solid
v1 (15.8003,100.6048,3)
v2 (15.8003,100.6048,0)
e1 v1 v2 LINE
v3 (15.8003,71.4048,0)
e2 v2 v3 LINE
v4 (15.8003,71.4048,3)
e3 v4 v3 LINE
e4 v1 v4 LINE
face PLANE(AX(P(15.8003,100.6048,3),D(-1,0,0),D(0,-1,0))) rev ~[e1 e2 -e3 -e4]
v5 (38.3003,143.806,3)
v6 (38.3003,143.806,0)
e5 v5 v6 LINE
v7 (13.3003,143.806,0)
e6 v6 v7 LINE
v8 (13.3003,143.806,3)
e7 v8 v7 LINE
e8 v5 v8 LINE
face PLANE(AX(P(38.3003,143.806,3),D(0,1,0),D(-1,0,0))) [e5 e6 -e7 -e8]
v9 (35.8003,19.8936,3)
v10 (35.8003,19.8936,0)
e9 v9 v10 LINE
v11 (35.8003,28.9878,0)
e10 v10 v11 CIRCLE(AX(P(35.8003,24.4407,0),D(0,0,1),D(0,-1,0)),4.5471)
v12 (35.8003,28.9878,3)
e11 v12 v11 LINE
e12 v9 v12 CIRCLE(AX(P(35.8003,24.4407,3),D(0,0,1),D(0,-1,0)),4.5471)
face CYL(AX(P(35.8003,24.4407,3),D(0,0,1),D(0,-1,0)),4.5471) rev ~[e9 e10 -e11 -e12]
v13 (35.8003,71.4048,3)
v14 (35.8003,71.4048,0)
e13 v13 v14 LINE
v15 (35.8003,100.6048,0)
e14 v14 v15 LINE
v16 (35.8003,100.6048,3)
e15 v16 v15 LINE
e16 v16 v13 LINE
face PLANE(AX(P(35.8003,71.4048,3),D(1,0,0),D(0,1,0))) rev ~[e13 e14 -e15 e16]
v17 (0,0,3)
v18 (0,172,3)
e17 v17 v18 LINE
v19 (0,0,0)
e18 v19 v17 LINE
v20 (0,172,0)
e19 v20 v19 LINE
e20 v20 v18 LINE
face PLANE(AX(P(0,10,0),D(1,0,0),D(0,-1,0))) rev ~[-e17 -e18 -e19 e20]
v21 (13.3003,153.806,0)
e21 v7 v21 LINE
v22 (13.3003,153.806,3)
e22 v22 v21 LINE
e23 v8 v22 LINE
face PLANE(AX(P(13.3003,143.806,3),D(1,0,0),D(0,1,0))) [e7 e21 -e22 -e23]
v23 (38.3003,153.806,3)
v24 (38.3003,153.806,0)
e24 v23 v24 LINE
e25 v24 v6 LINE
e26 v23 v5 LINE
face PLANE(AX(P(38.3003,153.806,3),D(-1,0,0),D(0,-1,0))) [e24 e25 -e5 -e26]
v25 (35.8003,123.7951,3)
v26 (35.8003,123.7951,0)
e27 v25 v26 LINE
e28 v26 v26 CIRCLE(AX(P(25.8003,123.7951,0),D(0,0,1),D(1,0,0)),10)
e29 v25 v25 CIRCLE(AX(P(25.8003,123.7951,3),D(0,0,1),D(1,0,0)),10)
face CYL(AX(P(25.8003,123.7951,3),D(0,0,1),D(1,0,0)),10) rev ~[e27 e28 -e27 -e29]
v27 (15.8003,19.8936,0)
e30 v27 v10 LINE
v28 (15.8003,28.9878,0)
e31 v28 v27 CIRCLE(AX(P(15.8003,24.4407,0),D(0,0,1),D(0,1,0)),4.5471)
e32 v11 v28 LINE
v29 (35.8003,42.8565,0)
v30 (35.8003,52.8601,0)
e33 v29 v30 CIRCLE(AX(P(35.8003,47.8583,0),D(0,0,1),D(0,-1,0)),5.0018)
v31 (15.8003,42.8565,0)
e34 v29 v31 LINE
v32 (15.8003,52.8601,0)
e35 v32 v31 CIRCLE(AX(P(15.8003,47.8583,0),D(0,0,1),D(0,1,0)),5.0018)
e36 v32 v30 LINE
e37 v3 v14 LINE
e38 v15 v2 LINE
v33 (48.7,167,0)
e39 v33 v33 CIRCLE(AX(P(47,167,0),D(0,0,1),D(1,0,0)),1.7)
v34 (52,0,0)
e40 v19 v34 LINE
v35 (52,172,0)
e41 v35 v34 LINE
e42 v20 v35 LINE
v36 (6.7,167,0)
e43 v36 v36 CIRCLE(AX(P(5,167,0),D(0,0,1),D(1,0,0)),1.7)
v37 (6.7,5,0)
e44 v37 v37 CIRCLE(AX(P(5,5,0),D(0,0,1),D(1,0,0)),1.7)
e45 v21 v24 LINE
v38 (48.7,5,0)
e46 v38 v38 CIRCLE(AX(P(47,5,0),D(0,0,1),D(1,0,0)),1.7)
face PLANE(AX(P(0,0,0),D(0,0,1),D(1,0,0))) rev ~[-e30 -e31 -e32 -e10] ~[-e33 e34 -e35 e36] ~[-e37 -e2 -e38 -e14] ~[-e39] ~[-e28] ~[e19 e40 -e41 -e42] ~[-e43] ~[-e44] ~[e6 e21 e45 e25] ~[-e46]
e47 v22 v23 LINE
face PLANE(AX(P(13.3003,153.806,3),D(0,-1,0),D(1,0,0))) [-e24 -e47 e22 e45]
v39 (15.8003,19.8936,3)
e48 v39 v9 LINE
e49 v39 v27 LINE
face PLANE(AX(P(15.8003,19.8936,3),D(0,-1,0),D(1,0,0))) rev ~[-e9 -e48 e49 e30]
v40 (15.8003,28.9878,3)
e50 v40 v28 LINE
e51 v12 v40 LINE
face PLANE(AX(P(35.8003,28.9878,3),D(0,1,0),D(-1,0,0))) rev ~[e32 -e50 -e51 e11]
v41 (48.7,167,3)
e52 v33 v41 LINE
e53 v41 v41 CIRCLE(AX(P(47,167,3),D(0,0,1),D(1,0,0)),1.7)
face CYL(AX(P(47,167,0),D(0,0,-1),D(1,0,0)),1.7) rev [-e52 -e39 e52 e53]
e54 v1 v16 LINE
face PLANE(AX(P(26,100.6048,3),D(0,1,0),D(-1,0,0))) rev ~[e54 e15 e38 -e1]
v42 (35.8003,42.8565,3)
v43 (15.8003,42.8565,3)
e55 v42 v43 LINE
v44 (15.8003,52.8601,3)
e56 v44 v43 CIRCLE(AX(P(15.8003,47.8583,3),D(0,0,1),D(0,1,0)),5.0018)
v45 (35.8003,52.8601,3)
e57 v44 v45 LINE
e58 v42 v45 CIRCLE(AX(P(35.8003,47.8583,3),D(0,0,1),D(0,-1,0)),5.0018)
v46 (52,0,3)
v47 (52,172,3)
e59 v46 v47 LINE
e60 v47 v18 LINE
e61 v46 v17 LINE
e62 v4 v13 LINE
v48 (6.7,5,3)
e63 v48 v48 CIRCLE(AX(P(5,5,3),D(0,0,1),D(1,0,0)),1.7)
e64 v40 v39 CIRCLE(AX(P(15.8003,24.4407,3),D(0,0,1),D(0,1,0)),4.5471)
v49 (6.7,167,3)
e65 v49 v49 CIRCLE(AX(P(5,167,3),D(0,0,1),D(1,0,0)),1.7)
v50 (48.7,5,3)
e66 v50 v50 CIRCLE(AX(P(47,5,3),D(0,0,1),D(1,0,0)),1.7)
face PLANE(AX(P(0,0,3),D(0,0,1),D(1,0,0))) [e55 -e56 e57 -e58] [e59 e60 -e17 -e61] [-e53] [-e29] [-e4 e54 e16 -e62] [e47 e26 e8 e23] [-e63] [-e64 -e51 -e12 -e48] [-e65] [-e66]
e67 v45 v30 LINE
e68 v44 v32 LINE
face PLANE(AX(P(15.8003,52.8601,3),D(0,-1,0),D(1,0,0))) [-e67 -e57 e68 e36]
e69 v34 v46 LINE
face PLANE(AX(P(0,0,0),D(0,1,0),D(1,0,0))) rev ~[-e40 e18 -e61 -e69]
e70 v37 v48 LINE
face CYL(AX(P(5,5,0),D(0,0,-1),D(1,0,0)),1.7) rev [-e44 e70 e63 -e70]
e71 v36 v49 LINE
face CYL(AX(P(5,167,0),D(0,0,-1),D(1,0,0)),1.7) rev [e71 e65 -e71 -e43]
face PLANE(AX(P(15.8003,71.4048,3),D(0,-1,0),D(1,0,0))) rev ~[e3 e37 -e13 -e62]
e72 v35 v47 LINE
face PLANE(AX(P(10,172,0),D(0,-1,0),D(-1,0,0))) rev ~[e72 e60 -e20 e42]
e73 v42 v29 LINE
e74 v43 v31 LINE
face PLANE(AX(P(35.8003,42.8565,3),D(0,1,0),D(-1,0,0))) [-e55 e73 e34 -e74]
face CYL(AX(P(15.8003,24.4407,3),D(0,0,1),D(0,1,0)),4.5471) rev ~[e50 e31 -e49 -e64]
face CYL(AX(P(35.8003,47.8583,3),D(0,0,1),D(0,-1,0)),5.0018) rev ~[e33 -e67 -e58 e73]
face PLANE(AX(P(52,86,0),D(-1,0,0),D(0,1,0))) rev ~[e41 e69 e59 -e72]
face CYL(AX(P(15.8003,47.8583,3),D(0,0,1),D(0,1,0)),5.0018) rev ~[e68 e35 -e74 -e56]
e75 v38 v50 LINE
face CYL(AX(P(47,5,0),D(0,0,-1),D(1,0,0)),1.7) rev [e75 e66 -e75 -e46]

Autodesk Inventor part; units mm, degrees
ref_plane "YZ Plane" through (0, 0, 0) normal (1, 0, 0) x (0, 1, 0)
ref_plane "XZ Plane" through (0, 0, 0) normal (0, 1, 0) x (-1, 0, 0)
ref_plane "XY Plane" through (0, 0, 0) normal (0, 0, 1) x (1, 0, 0)
sketch "Sketch1" plane through (0, 0, 0) normal (0, 0, 1) x (1, 0, 0)
  line L0 (0, 0) -> (52, 0)
  line L1 (52, 0) -> (52, 172)
  line L2 (52, 172) -> (0, 172)
  line L3 (0, 172) -> (0, 0)
  line L4 (0, 0) -> (10, 0)
  line L5 (10, 0) -> (10, 10)
  line L6 (10, 10) -> (0, 10)
  line L7 (0, 10) -> (0, 0)
  circle A0 centre (5, 5) radius 1.7
  line L8 (52, 0) -> (42, 0)
  line L9 (42, 0) -> (42, 10)
  line L10 (42, 10) -> (52, 10)
  line L11 (52, 10) -> (52, 0)
  circle A1 centre (47, 5) radius 1.7
  line L12 (52, 86) -> (47, 86)
  line L13 (0, 172) -> (10, 172)
  line L14 (10, 172) -> (10, 162)
  line L15 (10, 162) -> (0, 162)
  line L16 (0, 162) -> (0, 172)
  circle A2 centre (5, 167) radius 1.7
  line L17 (52, 172) -> (42, 172)
  line L18 (42, 172) -> (42, 162)
  line L19 (42, 162) -> (52, 162)
  line L20 (52, 162) -> (52, 172)
  circle A3 centre (47, 167) radius 1.7
  dimension "d0" = 52
  dimension "d1" = 172
  dimension "d2" = 10
  dimension "d3" = 10
  dimension "d4" = 3.4
extrude "Extrusion1" add sketch "Sketch1" along normal blind 3
sketch "Sketch2" plane through (0, 0, 3) normal (0, 0, 1) x (1, 0, 0)
  circle A0 centre (5, 167) radius 1.7 projected
  circle A1 centre (47, 5) radius 1.7 projected
  line L0 (5, 167) -> (47, 167)
  line L1 (47, 167) -> (47, 5)
  line L2 (47, 5) -> (5, 5)
  line L3 (5, 5) -> (5, 167)
  line L4 (13.3003, 153.806) -> (38.3003, 153.806)
  line L5 (38.3003, 153.806) -> (38.3003, 143.806)
  line L6 (38.3003, 143.806) -> (13.3003, 143.806)
  line L7 (13.3003, 143.806) -> (13.3003, 153.806)
  circle A2 centre (25.8003, 123.7951) radius 10
  line L8 (35.8003, 86) -> (35.8003, 100.6048)
  line L9 (35.8003, 100.6048) -> (26, 100.6048)
  line L10 (35.8003, 100.6048) -> (15.8003, 100.6048)
  line L11 (15.8003, 100.6048) -> (15.8003, 71.4048)
  line L12 (15.8003, 71.4048) -> (35.8003, 71.4048)
  line L13 (35.8003, 71.4048) -> (35.8003, 100.6048)
  line L14 (15.8003, 47.8583) -> (35.8003, 47.8583) construction
  line L15 (15.8003, 52.8601) -> (35.8003, 52.8601)
  line L16 (35.8003, 42.8565) -> (15.8003, 42.8565)
  arc A3 (15.8003, 52.8601) -> (15.8003, 42.8565) centre (15.8003, 47.8583) ccw
  arc A4 (35.8003, 42.8565) -> (35.8003, 52.8601) centre (35.8003, 47.8583) ccw
  line L17 (15.8003, 24.4407) -> (35.8003, 24.4407) construction
  line L18 (15.8003, 19.8936) -> (35.8003, 19.8936)
  line L19 (35.8003, 28.9878) -> (15.8003, 28.9878)
  arc A5 (15.8003, 28.9878) -> (15.8003, 19.8936) centre (15.8003, 24.4407) ccw
  arc A6 (35.8003, 19.8936) -> (35.8003, 28.9878) centre (35.8003, 24.4407) ccw
  point P0 (0, 0)
  point P1 (25.8003, 47.8583)
  point P2 (25.8003, 24.4407)
  dimension "d7" = 25
  dimension "d8" = 10
  dimension "d9" = 20
  dimension "d10" = 29.2
extrude "Extrusion2" cut sketch "Sketch2" against normal blind 3 contours L4 L5 L6 L7 | A2 | L13 L12 L11 L10 L9 L8 | L15 A4 L16 A3 | A5 L19 A6 L18
properties part number "port plugin"
